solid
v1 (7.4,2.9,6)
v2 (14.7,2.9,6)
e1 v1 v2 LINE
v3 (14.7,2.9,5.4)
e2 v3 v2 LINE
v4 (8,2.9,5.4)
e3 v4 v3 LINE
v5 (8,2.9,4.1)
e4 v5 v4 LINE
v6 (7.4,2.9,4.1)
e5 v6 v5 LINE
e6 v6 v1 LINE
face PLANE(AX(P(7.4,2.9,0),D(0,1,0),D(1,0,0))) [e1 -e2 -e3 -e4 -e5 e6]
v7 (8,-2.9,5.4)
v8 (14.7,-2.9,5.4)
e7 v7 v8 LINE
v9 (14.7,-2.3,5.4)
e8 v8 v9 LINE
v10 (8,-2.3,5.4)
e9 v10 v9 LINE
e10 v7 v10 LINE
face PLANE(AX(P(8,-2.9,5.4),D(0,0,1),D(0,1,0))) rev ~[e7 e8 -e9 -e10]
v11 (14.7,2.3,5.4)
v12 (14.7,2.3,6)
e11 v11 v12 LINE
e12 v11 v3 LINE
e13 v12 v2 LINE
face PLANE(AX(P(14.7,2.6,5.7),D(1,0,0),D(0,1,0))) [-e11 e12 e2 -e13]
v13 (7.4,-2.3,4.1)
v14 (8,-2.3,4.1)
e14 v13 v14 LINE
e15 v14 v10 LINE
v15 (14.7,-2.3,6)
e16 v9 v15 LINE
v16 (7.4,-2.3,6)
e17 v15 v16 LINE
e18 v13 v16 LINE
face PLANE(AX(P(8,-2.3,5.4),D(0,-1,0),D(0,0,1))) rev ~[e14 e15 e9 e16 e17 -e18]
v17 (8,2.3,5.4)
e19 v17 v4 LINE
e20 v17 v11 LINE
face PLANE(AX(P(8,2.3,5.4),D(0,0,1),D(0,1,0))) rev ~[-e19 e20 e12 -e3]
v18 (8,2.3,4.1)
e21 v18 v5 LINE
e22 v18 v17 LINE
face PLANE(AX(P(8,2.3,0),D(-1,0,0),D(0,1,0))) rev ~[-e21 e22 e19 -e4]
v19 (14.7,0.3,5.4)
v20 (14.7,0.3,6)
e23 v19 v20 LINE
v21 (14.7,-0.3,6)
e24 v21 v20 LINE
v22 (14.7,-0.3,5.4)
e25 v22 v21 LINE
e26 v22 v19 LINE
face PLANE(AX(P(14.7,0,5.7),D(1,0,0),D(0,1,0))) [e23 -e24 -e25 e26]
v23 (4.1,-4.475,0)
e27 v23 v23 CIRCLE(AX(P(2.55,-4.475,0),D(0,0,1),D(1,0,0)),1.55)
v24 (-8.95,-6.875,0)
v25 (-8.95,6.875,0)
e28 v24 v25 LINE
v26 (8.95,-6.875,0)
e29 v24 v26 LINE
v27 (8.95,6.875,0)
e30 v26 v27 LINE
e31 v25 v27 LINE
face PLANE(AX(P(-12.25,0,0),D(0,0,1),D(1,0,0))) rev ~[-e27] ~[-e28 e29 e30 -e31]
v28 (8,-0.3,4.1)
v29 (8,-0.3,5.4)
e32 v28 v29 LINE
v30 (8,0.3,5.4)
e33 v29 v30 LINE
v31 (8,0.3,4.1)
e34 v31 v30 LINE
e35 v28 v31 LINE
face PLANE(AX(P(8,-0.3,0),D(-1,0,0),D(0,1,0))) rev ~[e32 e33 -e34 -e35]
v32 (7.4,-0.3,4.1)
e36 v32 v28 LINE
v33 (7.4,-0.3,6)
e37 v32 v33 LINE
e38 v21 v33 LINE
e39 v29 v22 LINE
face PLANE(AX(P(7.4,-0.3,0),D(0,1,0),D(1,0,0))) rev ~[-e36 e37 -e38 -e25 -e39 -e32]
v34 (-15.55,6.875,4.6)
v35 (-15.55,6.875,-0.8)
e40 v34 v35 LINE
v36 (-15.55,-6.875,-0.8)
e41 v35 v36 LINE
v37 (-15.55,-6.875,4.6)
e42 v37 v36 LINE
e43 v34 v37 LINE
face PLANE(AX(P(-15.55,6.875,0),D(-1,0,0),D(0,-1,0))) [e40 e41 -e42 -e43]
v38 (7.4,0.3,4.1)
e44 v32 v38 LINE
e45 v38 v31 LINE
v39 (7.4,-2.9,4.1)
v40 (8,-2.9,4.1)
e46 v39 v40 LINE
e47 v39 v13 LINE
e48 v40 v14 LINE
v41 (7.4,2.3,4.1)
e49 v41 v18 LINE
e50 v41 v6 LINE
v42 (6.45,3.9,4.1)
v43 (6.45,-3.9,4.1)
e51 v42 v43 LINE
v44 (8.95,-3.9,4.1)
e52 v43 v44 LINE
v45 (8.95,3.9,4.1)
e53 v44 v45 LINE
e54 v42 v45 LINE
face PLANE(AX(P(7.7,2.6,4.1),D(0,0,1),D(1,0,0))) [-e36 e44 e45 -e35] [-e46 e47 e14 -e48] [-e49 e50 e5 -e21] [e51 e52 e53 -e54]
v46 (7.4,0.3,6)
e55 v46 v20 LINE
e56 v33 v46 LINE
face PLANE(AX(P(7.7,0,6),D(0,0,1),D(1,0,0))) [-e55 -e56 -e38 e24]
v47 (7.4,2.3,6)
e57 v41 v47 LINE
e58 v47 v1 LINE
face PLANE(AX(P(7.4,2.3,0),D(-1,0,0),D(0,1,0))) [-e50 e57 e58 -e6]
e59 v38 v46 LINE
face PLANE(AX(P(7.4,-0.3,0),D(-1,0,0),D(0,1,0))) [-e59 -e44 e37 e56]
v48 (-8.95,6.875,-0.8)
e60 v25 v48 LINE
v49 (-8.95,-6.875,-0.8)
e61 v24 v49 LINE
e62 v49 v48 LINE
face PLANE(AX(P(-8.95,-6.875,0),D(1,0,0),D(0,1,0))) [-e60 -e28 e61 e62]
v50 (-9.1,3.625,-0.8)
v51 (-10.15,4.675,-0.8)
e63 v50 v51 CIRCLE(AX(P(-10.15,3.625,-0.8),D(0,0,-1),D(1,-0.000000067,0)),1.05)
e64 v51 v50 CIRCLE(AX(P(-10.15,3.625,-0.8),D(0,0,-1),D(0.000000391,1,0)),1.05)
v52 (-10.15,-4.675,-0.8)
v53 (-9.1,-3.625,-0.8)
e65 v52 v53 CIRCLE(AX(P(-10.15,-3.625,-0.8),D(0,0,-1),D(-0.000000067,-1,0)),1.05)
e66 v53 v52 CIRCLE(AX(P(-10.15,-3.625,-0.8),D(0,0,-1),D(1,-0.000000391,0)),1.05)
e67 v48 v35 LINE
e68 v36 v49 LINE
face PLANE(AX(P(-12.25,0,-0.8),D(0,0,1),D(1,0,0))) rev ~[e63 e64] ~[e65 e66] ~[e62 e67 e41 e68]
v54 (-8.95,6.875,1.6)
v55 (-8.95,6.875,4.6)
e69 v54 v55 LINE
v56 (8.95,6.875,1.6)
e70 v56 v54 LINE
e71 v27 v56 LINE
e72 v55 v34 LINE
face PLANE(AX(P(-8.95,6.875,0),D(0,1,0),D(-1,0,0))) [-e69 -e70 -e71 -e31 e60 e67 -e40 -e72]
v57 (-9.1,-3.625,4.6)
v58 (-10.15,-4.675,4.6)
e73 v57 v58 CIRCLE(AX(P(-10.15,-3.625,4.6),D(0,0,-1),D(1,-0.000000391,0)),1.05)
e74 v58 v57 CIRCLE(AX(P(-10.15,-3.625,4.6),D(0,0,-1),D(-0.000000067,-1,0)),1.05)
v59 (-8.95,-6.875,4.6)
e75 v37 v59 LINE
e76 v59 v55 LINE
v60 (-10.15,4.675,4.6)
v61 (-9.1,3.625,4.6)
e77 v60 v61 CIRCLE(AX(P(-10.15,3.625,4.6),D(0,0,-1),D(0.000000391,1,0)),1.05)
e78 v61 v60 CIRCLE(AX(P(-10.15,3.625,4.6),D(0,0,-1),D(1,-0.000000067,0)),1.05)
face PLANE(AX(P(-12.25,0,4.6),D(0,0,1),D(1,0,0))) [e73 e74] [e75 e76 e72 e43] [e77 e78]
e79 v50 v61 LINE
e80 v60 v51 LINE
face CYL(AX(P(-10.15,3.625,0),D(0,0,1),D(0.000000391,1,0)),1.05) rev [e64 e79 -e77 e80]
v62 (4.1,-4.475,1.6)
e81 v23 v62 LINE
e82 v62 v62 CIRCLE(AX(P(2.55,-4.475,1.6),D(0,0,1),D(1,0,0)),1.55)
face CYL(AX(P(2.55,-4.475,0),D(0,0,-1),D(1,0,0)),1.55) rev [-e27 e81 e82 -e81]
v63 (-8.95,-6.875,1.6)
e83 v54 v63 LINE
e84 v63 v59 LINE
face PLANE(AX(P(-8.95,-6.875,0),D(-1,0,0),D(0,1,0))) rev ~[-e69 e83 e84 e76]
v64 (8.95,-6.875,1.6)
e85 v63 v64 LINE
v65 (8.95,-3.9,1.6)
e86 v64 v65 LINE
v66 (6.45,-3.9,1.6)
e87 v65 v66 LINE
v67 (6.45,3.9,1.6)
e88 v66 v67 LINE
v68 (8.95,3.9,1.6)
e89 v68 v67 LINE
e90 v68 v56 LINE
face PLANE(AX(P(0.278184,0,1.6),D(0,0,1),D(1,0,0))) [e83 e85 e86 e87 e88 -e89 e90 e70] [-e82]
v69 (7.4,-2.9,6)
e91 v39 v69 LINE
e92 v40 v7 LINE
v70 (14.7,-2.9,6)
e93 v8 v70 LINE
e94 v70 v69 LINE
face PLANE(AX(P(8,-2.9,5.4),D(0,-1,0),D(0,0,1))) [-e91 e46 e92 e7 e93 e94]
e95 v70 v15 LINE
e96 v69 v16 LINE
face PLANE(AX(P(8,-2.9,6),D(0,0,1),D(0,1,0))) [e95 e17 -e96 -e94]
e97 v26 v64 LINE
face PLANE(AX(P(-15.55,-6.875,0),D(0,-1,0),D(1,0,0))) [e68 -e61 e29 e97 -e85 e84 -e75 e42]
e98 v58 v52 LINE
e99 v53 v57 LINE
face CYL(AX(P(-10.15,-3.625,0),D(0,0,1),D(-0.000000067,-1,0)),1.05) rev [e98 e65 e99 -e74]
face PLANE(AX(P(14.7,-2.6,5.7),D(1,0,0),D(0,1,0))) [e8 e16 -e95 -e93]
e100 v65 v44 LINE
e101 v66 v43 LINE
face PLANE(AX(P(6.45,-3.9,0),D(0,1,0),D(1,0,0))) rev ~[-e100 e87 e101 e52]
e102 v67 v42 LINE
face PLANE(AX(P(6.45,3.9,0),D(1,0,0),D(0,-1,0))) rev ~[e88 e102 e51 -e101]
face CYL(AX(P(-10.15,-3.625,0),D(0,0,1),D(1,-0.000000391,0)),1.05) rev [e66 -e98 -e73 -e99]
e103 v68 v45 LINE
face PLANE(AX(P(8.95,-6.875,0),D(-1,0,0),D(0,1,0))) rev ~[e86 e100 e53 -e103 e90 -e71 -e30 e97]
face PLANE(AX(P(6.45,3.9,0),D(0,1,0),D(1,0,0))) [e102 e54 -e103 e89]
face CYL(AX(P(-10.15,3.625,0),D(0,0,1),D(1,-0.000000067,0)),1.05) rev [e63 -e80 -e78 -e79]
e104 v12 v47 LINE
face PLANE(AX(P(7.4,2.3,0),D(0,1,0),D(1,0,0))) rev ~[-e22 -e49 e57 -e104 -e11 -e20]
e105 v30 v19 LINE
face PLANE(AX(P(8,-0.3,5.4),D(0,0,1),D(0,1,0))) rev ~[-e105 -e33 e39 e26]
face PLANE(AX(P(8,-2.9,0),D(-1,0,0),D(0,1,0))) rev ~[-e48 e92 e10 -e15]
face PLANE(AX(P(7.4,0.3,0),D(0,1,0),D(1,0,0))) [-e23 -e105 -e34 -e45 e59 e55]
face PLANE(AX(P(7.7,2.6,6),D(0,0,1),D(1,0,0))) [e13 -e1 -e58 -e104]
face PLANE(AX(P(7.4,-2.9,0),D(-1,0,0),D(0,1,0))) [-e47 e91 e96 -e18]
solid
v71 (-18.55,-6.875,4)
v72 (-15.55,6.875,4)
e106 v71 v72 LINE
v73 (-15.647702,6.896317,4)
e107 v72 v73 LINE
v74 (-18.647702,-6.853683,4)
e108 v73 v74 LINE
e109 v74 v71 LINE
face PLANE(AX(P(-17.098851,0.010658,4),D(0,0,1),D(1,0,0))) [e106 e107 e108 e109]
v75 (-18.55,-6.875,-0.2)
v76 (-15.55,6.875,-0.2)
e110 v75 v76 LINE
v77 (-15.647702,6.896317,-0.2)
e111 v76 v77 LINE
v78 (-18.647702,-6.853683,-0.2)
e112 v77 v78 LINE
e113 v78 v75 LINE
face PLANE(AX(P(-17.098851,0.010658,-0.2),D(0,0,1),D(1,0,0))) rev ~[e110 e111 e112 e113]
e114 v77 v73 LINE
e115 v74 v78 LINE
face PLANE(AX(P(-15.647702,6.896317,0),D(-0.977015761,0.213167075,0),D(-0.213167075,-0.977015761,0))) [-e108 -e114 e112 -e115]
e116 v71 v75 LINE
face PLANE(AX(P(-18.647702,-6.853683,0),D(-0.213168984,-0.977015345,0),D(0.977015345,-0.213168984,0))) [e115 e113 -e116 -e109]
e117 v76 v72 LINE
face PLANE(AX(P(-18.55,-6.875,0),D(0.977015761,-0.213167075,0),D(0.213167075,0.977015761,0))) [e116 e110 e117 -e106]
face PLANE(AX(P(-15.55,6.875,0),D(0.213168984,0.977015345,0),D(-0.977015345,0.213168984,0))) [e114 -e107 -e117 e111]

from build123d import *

# Parameters (mm, degrees)
F0_R          = 1.55
F0_W          = 2.5
F0_H          = 2.6
F0_W_2        = 0.6
F0_H_2        = 0.6
F1_DEPTH      = 1.6
F2_DEPTH      = 4.1
F3_DEPTH      = 6
F4_W          = 0.6
F4_H          = 0.6
F5_DEPTH      = 6.7
F6_DEPTH      = 4.6
F7_DEPTH      = 0.8
F8_DEPTH      = 4
F8_DEPTH_BACK = 0.2


with BuildPart() as f1:
    # F0 (on Top) → F1 (new body)
    with BuildSketch(Plane.XY):
        Polygon((-8.95, -6.875), (8.95, -6.875), (8.95, -3.9), (6.45, -3.9), (6.45, -1.3), (6.45, 1.3), (6.45, 3.9), (8.95, 3.9), (8.95, 6.875), (-8.95, 6.875), (-8.95, 4.675), (-8.95, -4.675), align=None)
        with Locations((2.55, -4.475)):
            Circle(F0_R, mode=Mode.SUBTRACT)
        with Locations((7.7, 2.6)):
            Rectangle(F0_W, F0_H)
        with Locations((7.7, 2.6)):
            Rectangle(F0_W_2, F0_H_2, mode=Mode.SUBTRACT)
        with Locations((7.7, 0)):
            Rectangle(F0_W, F0_H)
        with Locations((7.7, 0)):
            Rectangle(F0_W_2, F0_H_2, mode=Mode.SUBTRACT)
        with Locations((7.7, 2.6)):
            Rectangle(F0_W_2, F0_H_2)
        with Locations((7.7, 0)):
            Rectangle(F0_W_2, F0_H_2)
        with Locations((7.7, -2.6)):
            Rectangle(F0_W, F0_H)
        with Locations((7.7, -2.6)):
            Rectangle(F0_W_2, F0_H_2, mode=Mode.SUBTRACT)
        with Locations((7.7, -2.6)):
            Rectangle(F0_W_2, F0_H_2)
    extrude(amount=F1_DEPTH)

    # F0 (on Top) → F2 (join)
    with BuildSketch(Plane.XY):
        with Locations((7.7, 2.6)):
            Rectangle(F0_W_2, F0_H_2)
        with Locations((7.7, 2.6)):
            Rectangle(F0_W, F0_H)
        with Locations((7.7, 2.6)):
            Rectangle(F0_W_2, F0_H_2, mode=Mode.SUBTRACT)
        with Locations((7.7, 0)):
            Rectangle(F0_W_2, F0_H_2)
        with Locations((7.7, 0)):
            Rectangle(F0_W, F0_H)
        with Locations((7.7, 0)):
            Rectangle(F0_W_2, F0_H_2, mode=Mode.SUBTRACT)
        with Locations((7.7, -2.6)):
            Rectangle(F0_W_2, F0_H_2)
        with Locations((7.7, -2.6)):
            Rectangle(F0_W, F0_H)
        with Locations((7.7, -2.6)):
            Rectangle(F0_W_2, F0_H_2, mode=Mode.SUBTRACT)
    extrude(amount=F2_DEPTH)

    # F0 (on Top) → F3 (join)
    with BuildSketch(Plane.XY):
        with Locations((7.7, -2.6)):
            Rectangle(F0_W_2, F0_H_2)
        with Locations((7.7, 0)):
            Rectangle(F0_W_2, F0_H_2)
        with Locations((7.7, 2.6)):
            Rectangle(F0_W_2, F0_H_2)
    extrude(amount=F3_DEPTH)

    # F4 (on face) → F5 (join)
    with BuildSketch(Plane.YZ.offset(8)):
        with Locations((-2.6, 5.7)):
            Rectangle(F4_W, F4_H)
        with Locations((0, 5.7)):
            Rectangle(F4_W, F4_H)
        with Locations((2.6, 5.7)):
            Rectangle(F4_W, F4_H)
    extrude(amount=F5_DEPTH)

    # F0 (on Top) → F6 (join)
    with BuildSketch(Plane.XY):
        Polygon((-15.55, -6.875), (-8.95, -6.875), (-8.95, -4.675), (-8.95, 4.675), (-8.95, 6.875), (-15.55, 6.875), align=None)
        with BuildLine():
            ThreePointArc((-9.1, -3.625), (-9.407538, -4.367462), (-10.15, -4.675))
            ThreePointArc((-10.15, -4.675), (-10.892462, -2.882538), (-9.1, -3.625))
        make_face(mode=Mode.SUBTRACT)
        with BuildLine():
            ThreePointArc((-9.1, 3.625), (-10.892462, 2.882538), (-10.15, 4.675))
            ThreePointArc((-10.15, 4.675), (-9.407538, 4.367462), (-9.1, 3.625))
        make_face(mode=Mode.SUBTRACT)
    extrude(amount=F6_DEPTH)

    # F0 (on Top) → F7 (join)
    with BuildSketch(Plane.XY):
        Polygon((-15.55, -6.875), (-8.95, -6.875), (-8.95, -4.675), (-8.95, 4.675), (-8.95, 6.875), (-15.55, 6.875), align=None)
        with BuildLine():
            ThreePointArc((-9.1, -3.625), (-9.407538, -4.367462), (-10.15, -4.675))
            ThreePointArc((-10.15, -4.675), (-10.892462, -2.882538), (-9.1, -3.625))
        make_face(mode=Mode.SUBTRACT)
        with BuildLine():
            ThreePointArc((-9.1, 3.625), (-10.892462, 2.882538), (-10.15, 4.675))
            ThreePointArc((-10.15, 4.675), (-9.407538, 4.367462), (-9.1, 3.625))
        make_face(mode=Mode.SUBTRACT)
    extrude(amount=-F7_DEPTH)


with BuildPart() as f8:
    # F0 (on Top) → F8 (new body, two sides)
    with BuildSketch(Plane.XY) as f8_sk:
        Polygon((-18.55, -6.875), (-15.55, 6.875), (-15.647702, 6.896317), (-18.647702, -6.853683), align=None)
    extrude(amount=F8_DEPTH)
    extrude(f8_sk.sketch, amount=-F8_DEPTH_BACK)


solid = Compound([f1.part, f8.part])
